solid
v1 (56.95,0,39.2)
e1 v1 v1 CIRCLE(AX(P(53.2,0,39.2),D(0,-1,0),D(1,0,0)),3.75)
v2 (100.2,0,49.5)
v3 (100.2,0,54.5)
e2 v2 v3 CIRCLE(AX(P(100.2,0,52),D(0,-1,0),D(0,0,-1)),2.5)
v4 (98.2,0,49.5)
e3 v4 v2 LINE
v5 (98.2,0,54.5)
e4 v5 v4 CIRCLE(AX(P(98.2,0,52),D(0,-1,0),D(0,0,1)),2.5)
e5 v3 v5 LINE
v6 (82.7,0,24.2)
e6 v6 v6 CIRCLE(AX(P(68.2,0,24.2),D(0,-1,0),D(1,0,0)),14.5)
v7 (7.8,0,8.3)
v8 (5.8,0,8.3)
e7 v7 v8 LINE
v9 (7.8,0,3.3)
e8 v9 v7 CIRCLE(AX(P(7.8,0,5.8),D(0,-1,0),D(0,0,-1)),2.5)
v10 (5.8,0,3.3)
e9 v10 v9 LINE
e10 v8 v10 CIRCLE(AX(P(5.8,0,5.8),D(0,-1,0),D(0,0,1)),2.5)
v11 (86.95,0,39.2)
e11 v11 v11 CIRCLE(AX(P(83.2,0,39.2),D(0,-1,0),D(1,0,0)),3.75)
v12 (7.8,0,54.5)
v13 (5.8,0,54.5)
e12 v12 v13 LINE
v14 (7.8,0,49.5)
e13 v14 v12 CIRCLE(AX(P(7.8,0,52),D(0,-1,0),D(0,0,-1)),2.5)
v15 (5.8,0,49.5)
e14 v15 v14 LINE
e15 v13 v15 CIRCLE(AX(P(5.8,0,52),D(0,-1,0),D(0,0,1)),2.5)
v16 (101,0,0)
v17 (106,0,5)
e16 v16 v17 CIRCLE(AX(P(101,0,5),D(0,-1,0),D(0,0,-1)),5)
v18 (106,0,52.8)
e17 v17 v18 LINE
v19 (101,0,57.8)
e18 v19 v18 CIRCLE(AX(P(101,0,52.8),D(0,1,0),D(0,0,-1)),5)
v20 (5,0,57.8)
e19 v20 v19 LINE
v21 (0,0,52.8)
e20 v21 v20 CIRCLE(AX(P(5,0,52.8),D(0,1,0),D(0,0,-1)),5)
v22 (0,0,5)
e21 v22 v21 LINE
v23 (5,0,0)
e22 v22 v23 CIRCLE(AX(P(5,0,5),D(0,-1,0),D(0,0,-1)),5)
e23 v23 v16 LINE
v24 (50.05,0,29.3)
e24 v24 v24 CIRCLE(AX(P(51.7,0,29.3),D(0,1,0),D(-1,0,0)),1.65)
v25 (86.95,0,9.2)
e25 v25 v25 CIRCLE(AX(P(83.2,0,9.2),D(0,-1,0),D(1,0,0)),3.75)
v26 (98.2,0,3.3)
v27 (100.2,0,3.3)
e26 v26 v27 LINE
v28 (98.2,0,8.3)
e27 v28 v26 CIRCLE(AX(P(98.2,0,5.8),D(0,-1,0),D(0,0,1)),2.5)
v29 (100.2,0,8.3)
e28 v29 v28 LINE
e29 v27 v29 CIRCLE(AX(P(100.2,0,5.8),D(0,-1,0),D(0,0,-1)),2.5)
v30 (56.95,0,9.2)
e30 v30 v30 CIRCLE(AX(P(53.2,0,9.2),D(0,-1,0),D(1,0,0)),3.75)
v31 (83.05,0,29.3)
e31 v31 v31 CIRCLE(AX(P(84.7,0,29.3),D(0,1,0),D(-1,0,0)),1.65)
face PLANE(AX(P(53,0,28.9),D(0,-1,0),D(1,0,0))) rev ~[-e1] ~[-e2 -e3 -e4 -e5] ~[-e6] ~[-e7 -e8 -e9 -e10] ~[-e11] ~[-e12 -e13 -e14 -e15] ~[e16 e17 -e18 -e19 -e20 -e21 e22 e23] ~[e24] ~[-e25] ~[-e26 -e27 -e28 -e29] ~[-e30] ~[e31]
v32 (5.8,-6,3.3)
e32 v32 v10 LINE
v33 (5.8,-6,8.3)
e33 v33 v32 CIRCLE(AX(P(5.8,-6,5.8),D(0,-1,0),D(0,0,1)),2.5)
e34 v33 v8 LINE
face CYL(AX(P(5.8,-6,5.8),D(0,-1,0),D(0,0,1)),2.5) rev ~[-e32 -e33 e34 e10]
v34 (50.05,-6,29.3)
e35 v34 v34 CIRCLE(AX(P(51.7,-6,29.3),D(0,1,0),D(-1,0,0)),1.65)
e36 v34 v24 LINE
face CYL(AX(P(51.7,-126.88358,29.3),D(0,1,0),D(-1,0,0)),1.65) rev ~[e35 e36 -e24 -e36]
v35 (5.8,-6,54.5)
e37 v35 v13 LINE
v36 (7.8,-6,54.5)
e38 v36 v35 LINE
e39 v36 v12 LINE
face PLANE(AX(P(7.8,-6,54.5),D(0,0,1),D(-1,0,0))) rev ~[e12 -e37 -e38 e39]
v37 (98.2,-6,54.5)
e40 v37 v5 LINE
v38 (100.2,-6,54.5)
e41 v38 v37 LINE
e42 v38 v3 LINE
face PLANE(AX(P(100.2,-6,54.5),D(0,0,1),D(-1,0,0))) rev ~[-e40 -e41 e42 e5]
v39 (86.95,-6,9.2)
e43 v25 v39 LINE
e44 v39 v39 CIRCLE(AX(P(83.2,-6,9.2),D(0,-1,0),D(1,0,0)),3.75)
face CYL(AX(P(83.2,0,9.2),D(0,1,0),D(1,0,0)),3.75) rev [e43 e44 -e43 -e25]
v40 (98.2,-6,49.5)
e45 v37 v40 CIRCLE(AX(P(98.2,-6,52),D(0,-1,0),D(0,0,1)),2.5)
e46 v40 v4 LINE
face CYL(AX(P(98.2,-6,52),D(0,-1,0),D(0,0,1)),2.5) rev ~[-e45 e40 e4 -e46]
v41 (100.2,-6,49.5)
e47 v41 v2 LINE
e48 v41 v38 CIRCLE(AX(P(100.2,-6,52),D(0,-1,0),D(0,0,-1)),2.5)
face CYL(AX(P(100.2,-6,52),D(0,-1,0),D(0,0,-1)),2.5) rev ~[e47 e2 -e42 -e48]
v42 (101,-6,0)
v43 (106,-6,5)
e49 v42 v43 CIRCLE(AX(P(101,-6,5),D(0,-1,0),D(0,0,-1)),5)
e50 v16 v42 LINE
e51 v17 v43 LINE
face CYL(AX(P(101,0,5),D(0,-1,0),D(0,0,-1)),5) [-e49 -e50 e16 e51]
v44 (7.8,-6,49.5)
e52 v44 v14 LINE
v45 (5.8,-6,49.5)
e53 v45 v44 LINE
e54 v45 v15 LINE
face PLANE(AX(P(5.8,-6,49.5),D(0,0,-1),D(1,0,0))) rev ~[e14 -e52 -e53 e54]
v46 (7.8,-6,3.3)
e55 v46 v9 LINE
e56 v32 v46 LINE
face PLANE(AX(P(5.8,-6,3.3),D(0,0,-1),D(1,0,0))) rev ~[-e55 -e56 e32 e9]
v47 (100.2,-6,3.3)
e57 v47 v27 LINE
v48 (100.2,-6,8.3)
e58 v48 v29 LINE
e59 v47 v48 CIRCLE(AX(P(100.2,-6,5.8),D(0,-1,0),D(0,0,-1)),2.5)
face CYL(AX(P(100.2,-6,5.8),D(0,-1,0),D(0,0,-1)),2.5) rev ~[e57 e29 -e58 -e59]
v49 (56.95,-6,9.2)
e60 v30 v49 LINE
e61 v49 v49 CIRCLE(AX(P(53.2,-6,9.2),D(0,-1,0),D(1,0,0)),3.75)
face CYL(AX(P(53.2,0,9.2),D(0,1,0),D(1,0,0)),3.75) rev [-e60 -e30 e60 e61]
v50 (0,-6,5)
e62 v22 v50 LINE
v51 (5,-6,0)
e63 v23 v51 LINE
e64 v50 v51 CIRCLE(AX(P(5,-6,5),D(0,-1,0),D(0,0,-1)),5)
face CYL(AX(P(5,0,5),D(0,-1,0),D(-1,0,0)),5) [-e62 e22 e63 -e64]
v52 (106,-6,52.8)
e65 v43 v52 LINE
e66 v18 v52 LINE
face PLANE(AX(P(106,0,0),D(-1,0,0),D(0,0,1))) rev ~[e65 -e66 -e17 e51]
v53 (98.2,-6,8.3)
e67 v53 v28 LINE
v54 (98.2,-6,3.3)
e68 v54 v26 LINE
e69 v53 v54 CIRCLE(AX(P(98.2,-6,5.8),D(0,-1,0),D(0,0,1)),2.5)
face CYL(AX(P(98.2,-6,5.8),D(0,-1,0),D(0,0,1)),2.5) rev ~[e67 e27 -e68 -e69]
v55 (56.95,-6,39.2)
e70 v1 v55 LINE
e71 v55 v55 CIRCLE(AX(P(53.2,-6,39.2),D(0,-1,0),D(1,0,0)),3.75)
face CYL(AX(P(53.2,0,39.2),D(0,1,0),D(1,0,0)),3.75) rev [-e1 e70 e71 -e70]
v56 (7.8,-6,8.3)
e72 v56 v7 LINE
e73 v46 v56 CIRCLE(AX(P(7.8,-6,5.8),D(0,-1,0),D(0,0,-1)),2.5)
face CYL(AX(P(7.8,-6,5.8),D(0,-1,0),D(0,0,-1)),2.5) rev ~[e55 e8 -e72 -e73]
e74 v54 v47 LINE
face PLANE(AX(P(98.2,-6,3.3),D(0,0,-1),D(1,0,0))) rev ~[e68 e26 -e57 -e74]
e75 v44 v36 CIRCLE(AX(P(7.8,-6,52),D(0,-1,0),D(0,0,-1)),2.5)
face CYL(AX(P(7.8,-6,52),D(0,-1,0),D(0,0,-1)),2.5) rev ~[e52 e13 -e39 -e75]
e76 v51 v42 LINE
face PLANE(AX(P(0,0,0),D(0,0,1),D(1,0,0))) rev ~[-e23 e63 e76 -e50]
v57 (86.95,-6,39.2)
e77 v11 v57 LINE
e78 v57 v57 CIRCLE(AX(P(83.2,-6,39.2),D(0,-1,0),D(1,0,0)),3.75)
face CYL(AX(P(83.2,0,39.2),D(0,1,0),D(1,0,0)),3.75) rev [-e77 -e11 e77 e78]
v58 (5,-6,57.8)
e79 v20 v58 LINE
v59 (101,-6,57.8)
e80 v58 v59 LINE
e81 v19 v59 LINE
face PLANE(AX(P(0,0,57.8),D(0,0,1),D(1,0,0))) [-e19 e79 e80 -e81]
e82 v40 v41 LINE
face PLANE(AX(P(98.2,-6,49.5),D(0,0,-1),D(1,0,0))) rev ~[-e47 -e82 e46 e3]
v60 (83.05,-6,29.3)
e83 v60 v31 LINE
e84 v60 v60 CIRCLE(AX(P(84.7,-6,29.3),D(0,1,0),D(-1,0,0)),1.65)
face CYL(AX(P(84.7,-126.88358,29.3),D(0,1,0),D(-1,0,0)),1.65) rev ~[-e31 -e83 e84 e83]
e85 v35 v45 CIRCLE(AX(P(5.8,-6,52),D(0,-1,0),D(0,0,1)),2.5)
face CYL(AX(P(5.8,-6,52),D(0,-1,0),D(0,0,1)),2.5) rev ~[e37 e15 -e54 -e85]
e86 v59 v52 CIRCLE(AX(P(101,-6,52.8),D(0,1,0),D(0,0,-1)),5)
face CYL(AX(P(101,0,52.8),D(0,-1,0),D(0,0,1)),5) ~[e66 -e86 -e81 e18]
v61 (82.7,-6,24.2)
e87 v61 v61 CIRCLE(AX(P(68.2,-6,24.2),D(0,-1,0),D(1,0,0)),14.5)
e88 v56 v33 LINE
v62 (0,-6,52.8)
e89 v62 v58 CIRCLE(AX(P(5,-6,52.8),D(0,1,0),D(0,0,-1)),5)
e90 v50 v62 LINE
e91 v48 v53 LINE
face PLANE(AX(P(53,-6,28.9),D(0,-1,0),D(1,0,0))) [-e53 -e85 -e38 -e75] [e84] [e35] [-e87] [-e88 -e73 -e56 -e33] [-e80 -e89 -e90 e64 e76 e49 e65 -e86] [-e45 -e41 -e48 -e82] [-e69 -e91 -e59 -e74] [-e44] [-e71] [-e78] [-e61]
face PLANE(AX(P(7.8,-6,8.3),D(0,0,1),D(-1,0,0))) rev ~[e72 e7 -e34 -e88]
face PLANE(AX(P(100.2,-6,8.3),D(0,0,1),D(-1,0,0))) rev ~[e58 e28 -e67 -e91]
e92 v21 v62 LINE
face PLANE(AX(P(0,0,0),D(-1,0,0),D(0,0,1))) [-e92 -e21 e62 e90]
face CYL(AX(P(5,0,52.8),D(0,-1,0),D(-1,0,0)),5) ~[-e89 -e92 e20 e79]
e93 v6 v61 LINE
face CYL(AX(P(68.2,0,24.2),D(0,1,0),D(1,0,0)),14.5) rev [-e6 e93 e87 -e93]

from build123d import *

# Parameters (mm, degrees)
F0_W     = 106
F0_H     = 57.8
F0_R     = 3.75
F0_R_2   = 14.5
F1_DEPTH = 6
F3_DEPTH = 6
F4_D     = 3.3
F5_R     = 5


with BuildPart() as f1:
    # F0 (on Front) → F1 (new body)
    with BuildSketch(Plane.XZ):
        with Locations((53, 28.9)):
            Rectangle(F0_W, F0_H)
        with Locations((53.2, 9.2)):
            Circle(F0_R, mode=Mode.SUBTRACT)
        with Locations((83.2, 9.2)):
            Circle(F0_R, mode=Mode.SUBTRACT)
        with Locations((68.2, 24.2)):
            Circle(F0_R_2, mode=Mode.SUBTRACT)
        with Locations((53.2, 39.2)):
            Circle(F0_R, mode=Mode.SUBTRACT)
        with Locations((83.2, 39.2)):
            Circle(F0_R, mode=Mode.SUBTRACT)
    extrude(amount=F1_DEPTH)

    # F2 (on face) → F3 (cut, through all)
    with BuildSketch(Plane.XZ.offset(6)):
        with BuildLine():
            Line((7.8, 54.5), (5.8, 54.5))
            ThreePointArc((5.8, 54.5), (3.3, 52), (5.8, 49.5))
            Line((5.8, 49.5), (7.8, 49.5))
            ThreePointArc((7.8, 49.5), (10.3, 52), (7.8, 54.5))
        make_face()
        with BuildLine():
            Line((7.8, 8.3), (5.8, 8.3))
            ThreePointArc((5.8, 8.3), (3.3, 5.8), (5.8, 3.3))
            Line((5.8, 3.3), (7.8, 3.3))
            ThreePointArc((7.8, 3.3), (10.3, 5.8), (7.8, 8.3))
        make_face()
        with BuildLine():
            Line((100.2, 8.3), (98.2, 8.3))
            ThreePointArc((98.2, 8.3), (95.7, 5.8), (98.2, 3.3))
            Line((98.2, 3.3), (100.2, 3.3))
            ThreePointArc((100.2, 3.3), (102.7, 5.8), (100.2, 8.3))
        make_face()
        with BuildLine():
            Line((100.2, 54.5), (98.2, 54.5))
            ThreePointArc((98.2, 54.5), (95.7, 52), (98.2, 49.5))
            Line((98.2, 49.5), (100.2, 49.5))
            ThreePointArc((100.2, 49.5), (102.7, 52), (100.2, 54.5))
        make_face()
    extrude(amount=-F3_DEPTH, mode=Mode.SUBTRACT)

    # F4 (through all)
    with Locations(Plane.XZ.offset(6)):
        with Locations((51.7, 29.3), (84.7, 29.3)):
            Hole(F4_D / 2)

    # F5
    f5_edges = [f1.edges().sort_by_distance(p)[0] for p in [
        (106, -3, 57.8),
        (106, -3, 0),
        (0, -3, 0),
        (0, -3, 57.8),
    ]]
    fillet(f5_edges, radius=F5_R)


solid = f1.part
